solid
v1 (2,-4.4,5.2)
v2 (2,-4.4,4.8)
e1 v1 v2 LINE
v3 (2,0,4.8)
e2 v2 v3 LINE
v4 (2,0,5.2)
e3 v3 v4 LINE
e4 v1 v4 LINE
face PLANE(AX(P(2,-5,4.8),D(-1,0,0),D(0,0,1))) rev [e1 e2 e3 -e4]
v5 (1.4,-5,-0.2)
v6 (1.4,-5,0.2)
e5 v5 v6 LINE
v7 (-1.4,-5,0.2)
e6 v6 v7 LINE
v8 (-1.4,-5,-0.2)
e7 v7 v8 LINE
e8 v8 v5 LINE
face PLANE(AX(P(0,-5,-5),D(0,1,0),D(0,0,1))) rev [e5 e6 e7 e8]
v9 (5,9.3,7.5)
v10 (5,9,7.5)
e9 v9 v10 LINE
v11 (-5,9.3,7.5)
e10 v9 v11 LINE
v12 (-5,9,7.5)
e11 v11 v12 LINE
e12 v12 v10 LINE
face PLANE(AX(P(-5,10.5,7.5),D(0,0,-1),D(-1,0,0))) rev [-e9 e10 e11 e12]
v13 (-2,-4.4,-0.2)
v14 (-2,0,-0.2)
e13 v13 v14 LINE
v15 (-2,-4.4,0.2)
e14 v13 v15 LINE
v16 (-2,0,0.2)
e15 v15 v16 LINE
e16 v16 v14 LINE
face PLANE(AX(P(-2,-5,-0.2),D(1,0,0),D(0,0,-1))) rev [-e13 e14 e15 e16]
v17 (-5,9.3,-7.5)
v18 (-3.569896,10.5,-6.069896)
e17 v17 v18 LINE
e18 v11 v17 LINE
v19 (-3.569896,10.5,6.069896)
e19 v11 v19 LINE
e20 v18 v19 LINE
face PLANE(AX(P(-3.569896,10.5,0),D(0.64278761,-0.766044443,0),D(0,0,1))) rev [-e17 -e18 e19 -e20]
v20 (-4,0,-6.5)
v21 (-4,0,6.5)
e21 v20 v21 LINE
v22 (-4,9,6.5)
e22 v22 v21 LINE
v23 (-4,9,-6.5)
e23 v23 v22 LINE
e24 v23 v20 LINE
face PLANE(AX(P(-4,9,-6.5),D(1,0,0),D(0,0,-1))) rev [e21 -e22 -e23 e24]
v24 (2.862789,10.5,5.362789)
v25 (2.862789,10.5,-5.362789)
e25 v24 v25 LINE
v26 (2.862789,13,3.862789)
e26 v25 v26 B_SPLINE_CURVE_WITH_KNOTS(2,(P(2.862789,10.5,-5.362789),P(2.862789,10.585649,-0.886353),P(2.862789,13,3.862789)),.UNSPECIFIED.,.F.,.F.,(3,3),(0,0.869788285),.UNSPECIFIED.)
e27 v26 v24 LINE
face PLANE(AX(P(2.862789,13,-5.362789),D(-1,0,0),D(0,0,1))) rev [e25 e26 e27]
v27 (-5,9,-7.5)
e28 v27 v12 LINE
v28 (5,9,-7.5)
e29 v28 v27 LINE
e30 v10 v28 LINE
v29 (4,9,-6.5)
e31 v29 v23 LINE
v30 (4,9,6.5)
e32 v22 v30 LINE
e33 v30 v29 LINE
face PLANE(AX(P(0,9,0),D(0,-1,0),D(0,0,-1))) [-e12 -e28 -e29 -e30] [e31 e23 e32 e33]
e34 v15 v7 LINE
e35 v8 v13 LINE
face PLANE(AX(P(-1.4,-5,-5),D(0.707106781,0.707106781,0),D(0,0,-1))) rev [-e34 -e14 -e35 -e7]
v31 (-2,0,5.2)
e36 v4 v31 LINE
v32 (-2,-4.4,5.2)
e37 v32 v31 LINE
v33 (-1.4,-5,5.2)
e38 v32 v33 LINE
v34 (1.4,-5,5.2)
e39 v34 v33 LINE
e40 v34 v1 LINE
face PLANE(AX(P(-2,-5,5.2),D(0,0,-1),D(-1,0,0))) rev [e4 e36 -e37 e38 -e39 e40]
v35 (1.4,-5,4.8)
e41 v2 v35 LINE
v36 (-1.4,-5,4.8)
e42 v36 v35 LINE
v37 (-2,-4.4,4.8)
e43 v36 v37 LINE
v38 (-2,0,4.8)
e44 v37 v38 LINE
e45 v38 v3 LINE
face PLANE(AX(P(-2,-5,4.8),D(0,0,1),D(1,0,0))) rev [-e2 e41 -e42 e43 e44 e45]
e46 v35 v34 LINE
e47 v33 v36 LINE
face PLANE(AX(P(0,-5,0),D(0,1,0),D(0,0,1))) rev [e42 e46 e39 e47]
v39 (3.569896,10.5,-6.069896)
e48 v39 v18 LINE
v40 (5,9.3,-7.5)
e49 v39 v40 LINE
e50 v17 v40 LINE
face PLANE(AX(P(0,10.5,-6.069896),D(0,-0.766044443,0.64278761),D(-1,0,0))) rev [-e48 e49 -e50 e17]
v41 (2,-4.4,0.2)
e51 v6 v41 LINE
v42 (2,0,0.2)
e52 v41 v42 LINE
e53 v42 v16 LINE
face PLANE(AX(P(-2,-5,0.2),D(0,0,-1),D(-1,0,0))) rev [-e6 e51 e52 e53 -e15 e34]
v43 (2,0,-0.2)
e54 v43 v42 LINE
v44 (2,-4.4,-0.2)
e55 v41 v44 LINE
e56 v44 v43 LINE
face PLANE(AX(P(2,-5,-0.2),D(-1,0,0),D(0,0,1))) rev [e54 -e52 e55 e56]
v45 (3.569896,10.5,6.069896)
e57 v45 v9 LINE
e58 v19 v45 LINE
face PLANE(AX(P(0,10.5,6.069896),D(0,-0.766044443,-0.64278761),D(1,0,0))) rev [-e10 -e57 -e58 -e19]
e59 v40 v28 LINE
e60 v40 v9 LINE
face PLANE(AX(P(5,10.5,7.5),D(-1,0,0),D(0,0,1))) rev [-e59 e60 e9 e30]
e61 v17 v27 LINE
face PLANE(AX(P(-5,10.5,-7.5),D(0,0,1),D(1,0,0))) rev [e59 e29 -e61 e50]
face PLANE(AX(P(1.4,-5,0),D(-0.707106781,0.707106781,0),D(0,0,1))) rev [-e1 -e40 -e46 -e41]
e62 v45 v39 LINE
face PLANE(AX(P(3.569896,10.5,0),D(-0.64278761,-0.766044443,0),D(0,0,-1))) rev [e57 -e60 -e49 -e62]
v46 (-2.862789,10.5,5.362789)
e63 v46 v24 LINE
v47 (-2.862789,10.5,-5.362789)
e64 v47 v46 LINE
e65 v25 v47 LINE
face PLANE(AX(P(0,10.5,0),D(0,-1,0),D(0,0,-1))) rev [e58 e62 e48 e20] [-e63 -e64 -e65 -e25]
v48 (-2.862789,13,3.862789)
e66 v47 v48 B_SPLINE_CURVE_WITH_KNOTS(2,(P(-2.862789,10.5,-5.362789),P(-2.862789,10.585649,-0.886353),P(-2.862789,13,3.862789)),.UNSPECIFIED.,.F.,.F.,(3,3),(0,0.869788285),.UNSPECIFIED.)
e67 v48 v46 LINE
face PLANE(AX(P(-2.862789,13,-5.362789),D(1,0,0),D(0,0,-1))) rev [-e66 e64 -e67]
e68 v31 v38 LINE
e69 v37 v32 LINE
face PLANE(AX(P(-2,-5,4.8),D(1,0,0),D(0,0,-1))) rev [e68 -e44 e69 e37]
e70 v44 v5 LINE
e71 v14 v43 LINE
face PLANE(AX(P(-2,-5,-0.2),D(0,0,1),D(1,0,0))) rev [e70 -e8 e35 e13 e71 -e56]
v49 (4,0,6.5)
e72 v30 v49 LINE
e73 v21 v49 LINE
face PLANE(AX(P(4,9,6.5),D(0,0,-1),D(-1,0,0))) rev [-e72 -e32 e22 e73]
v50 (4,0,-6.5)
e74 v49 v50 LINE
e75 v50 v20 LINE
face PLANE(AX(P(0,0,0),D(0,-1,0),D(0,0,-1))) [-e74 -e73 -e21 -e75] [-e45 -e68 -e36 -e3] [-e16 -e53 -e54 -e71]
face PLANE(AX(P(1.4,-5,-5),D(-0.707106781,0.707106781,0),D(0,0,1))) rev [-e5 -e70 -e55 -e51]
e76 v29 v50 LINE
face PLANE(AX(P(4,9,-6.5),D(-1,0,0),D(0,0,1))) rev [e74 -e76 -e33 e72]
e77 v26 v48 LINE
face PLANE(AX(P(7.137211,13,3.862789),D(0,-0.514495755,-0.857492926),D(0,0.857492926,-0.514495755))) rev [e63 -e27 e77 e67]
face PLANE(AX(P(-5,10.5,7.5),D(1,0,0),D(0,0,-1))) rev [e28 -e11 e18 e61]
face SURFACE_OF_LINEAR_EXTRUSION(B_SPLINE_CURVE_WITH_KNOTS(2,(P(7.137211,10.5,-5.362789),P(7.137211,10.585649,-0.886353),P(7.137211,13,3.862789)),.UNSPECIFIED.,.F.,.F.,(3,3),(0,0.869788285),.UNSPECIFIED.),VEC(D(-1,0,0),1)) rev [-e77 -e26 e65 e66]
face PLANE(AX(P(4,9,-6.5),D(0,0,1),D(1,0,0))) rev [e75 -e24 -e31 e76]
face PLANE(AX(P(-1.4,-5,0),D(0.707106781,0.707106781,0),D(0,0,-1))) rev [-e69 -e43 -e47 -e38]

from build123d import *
from OCP.BRepFilletAPI import BRepFilletAPI_MakeChamfer

# Parameters (mm, degrees)
SKETCH1_W           = 8
SKETCH1_H           = 13
BOSS_EXTRUDE1_DEPTH = 9
SKETCH2_W           = 10
SKETCH2_H           = 15
BOSS_EXTRUDE2_DEPTH = 1.5
CHAMFER1_SIZE       = 1.2
CHAMFER1_SIZE2      = 1.430104311
SKETCH3_W           = 5.725577816
SKETCH3_H           = 10.725577816
BOSS_EXTRUDE3_DEPTH = 2.5
CUT_EXTRUDE2_DEPTH  = 10
CUT_EXTRUDE3_DEPTH  = 10
SKETCH6_W           = 4
SKETCH6_H           = 0.4
BOSS_EXTRUDE4_DEPTH = 5
CHAMFER2_SIZE       = 0.6
LPATTERN1_COUNT     = 2
LPATTERN1_PITCH     = 5
CHAMFER3_SIZE       = 0.6


with BuildPart() as part:
    # Sketch1 → Boss-Extrude1 (new body)
    with BuildSketch(Plane(origin=(0, 0, 0), x_dir=(1, 0, 0), z_dir=(0, 1, 0))):
        Rectangle(SKETCH1_W, SKETCH1_H)
    extrude(amount=BOSS_EXTRUDE1_DEPTH)

    # Sketch2 → Boss-Extrude2 (add)
    with BuildSketch(Plane(origin=(0, 9, 0), x_dir=(1, 0, 0), z_dir=(0, 1, 0))):
        Rectangle(SKETCH2_W, SKETCH2_H)
    extrude(amount=BOSS_EXTRUDE2_DEPTH)

    # Chamfer1: one chamfer whose edges measure the first distance from different faces: ONE call of the kernel's chamfer builder (chamfer() names one face for all edges)
    chamfer1_edges_1 = [part.edges().sort_by_distance(p)[0] for p in [
        (5, 10.5, 0),
    ]]
    chamfer1_side_1 = [part.faces().sort_by_distance(p)[0] for p in [
        (5, 9.75, 0),
    ]]
    chamfer1_edges_2 = [part.edges().sort_by_distance(p)[0] for p in [
        (0, 10.5, -7.5),
    ]]
    chamfer1_side_2 = [part.faces().sort_by_distance(p)[0] for p in [
        (0, 9.75, -7.5),
    ]]
    chamfer1_edges_3 = [part.edges().sort_by_distance(p)[0] for p in [
        (-5, 10.5, 0),
    ]]
    chamfer1_side_3 = [part.faces().sort_by_distance(p)[0] for p in [
        (-5, 9.75, 0),
    ]]
    chamfer1_edges_4 = [part.edges().sort_by_distance(p)[0] for p in [
        (0, 10.5, 7.5),
    ]]
    chamfer1_side_4 = [part.faces().sort_by_distance(p)[0] for p in [
        (0, 9.75, 7.5),
    ]]
    chamfer1 = BRepFilletAPI_MakeChamfer(part.part.solid().wrapped)
    for e in chamfer1_edges_1:
        chamfer1.Add(CHAMFER1_SIZE, CHAMFER1_SIZE2, e.wrapped, chamfer1_side_1[0].wrapped)  # the first distance lies on this face
    for e in chamfer1_edges_2:
        chamfer1.Add(CHAMFER1_SIZE, CHAMFER1_SIZE2, e.wrapped, chamfer1_side_2[0].wrapped)  # the first distance lies on this face
    for e in chamfer1_edges_3:
        chamfer1.Add(CHAMFER1_SIZE, CHAMFER1_SIZE2, e.wrapped, chamfer1_side_3[0].wrapped)  # the first distance lies on this face
    for e in chamfer1_edges_4:
        chamfer1.Add(CHAMFER1_SIZE, CHAMFER1_SIZE2, e.wrapped, chamfer1_side_4[0].wrapped)  # the first distance lies on this face
    add(Compound.cast(chamfer1.Shape()), mode=Mode.REPLACE)

    # Sketch3 → Boss-Extrude3 (add)
    with BuildSketch(Plane(origin=(0, 10.5, 0), x_dir=(1, 0, 0), z_dir=(0, 1, 0))):
        Rectangle(SKETCH3_W, SKETCH3_H)
    extrude(amount=BOSS_EXTRUDE3_DEPTH)

    # Sketch4 → Cut-Extrude2 (cut)
    with BuildSketch(Plane.ZY.offset(2.862788908)):
        Polygon((5.362788908, 13), (3.862788908, 13), (5.362788908, 10.5), align=None)
    extrude(amount=-CUT_EXTRUDE2_DEPTH, mode=Mode.SUBTRACT)

    # Sketch5 → Cut-Extrude3 (cut)
    with BuildSketch(Plane.ZY.offset(2.862788908)):
        with BuildLine():
            Line((-5.362788908, 10.5), (-5.362788908, 13))
            Line((-5.362788908, 13), (3.862788908, 13))
            add(Edge.make_bspline(
                [(3.862788908, 13), (-0.886352769, 10.585649202), (-5.362788908, 10.5)],
                knots=[0, 0, 0, 0.869788285, 0.869788285, 0.869788285], degree=2))
        make_face()
    extrude(amount=-CUT_EXTRUDE3_DEPTH, mode=Mode.SUBTRACT)

    # Sketch6 → Boss-Extrude4 (add)
    with BuildSketch(Plane.XZ):
        with Locations((0, 5)):
            Rectangle(SKETCH6_W, SKETCH6_H)
    boss_extrude4 = extrude(amount=BOSS_EXTRUDE4_DEPTH)

    # Chamfer2
    chamfer2_edges = [part.edges().sort_by_distance(p)[0] for p in [
        (2, -5, 5),
        (-2, -5, 5),
    ]]
    chamfer(chamfer2_edges, length=CHAMFER2_SIZE)

    # LPattern1: Boss-Extrude4 ×2
    with Locations(*[(0, 0, -i * LPATTERN1_PITCH) for i in range(1, LPATTERN1_COUNT)]):
        add(boss_extrude4)

    # Chamfer3
    chamfer3_edges = [part.edges().sort_by_distance(p)[0] for p in [
        (2, -5, 0),
        (-2, -5, 0),
    ]]
    chamfer(chamfer3_edges, length=CHAMFER3_SIZE)


solid = part.part
